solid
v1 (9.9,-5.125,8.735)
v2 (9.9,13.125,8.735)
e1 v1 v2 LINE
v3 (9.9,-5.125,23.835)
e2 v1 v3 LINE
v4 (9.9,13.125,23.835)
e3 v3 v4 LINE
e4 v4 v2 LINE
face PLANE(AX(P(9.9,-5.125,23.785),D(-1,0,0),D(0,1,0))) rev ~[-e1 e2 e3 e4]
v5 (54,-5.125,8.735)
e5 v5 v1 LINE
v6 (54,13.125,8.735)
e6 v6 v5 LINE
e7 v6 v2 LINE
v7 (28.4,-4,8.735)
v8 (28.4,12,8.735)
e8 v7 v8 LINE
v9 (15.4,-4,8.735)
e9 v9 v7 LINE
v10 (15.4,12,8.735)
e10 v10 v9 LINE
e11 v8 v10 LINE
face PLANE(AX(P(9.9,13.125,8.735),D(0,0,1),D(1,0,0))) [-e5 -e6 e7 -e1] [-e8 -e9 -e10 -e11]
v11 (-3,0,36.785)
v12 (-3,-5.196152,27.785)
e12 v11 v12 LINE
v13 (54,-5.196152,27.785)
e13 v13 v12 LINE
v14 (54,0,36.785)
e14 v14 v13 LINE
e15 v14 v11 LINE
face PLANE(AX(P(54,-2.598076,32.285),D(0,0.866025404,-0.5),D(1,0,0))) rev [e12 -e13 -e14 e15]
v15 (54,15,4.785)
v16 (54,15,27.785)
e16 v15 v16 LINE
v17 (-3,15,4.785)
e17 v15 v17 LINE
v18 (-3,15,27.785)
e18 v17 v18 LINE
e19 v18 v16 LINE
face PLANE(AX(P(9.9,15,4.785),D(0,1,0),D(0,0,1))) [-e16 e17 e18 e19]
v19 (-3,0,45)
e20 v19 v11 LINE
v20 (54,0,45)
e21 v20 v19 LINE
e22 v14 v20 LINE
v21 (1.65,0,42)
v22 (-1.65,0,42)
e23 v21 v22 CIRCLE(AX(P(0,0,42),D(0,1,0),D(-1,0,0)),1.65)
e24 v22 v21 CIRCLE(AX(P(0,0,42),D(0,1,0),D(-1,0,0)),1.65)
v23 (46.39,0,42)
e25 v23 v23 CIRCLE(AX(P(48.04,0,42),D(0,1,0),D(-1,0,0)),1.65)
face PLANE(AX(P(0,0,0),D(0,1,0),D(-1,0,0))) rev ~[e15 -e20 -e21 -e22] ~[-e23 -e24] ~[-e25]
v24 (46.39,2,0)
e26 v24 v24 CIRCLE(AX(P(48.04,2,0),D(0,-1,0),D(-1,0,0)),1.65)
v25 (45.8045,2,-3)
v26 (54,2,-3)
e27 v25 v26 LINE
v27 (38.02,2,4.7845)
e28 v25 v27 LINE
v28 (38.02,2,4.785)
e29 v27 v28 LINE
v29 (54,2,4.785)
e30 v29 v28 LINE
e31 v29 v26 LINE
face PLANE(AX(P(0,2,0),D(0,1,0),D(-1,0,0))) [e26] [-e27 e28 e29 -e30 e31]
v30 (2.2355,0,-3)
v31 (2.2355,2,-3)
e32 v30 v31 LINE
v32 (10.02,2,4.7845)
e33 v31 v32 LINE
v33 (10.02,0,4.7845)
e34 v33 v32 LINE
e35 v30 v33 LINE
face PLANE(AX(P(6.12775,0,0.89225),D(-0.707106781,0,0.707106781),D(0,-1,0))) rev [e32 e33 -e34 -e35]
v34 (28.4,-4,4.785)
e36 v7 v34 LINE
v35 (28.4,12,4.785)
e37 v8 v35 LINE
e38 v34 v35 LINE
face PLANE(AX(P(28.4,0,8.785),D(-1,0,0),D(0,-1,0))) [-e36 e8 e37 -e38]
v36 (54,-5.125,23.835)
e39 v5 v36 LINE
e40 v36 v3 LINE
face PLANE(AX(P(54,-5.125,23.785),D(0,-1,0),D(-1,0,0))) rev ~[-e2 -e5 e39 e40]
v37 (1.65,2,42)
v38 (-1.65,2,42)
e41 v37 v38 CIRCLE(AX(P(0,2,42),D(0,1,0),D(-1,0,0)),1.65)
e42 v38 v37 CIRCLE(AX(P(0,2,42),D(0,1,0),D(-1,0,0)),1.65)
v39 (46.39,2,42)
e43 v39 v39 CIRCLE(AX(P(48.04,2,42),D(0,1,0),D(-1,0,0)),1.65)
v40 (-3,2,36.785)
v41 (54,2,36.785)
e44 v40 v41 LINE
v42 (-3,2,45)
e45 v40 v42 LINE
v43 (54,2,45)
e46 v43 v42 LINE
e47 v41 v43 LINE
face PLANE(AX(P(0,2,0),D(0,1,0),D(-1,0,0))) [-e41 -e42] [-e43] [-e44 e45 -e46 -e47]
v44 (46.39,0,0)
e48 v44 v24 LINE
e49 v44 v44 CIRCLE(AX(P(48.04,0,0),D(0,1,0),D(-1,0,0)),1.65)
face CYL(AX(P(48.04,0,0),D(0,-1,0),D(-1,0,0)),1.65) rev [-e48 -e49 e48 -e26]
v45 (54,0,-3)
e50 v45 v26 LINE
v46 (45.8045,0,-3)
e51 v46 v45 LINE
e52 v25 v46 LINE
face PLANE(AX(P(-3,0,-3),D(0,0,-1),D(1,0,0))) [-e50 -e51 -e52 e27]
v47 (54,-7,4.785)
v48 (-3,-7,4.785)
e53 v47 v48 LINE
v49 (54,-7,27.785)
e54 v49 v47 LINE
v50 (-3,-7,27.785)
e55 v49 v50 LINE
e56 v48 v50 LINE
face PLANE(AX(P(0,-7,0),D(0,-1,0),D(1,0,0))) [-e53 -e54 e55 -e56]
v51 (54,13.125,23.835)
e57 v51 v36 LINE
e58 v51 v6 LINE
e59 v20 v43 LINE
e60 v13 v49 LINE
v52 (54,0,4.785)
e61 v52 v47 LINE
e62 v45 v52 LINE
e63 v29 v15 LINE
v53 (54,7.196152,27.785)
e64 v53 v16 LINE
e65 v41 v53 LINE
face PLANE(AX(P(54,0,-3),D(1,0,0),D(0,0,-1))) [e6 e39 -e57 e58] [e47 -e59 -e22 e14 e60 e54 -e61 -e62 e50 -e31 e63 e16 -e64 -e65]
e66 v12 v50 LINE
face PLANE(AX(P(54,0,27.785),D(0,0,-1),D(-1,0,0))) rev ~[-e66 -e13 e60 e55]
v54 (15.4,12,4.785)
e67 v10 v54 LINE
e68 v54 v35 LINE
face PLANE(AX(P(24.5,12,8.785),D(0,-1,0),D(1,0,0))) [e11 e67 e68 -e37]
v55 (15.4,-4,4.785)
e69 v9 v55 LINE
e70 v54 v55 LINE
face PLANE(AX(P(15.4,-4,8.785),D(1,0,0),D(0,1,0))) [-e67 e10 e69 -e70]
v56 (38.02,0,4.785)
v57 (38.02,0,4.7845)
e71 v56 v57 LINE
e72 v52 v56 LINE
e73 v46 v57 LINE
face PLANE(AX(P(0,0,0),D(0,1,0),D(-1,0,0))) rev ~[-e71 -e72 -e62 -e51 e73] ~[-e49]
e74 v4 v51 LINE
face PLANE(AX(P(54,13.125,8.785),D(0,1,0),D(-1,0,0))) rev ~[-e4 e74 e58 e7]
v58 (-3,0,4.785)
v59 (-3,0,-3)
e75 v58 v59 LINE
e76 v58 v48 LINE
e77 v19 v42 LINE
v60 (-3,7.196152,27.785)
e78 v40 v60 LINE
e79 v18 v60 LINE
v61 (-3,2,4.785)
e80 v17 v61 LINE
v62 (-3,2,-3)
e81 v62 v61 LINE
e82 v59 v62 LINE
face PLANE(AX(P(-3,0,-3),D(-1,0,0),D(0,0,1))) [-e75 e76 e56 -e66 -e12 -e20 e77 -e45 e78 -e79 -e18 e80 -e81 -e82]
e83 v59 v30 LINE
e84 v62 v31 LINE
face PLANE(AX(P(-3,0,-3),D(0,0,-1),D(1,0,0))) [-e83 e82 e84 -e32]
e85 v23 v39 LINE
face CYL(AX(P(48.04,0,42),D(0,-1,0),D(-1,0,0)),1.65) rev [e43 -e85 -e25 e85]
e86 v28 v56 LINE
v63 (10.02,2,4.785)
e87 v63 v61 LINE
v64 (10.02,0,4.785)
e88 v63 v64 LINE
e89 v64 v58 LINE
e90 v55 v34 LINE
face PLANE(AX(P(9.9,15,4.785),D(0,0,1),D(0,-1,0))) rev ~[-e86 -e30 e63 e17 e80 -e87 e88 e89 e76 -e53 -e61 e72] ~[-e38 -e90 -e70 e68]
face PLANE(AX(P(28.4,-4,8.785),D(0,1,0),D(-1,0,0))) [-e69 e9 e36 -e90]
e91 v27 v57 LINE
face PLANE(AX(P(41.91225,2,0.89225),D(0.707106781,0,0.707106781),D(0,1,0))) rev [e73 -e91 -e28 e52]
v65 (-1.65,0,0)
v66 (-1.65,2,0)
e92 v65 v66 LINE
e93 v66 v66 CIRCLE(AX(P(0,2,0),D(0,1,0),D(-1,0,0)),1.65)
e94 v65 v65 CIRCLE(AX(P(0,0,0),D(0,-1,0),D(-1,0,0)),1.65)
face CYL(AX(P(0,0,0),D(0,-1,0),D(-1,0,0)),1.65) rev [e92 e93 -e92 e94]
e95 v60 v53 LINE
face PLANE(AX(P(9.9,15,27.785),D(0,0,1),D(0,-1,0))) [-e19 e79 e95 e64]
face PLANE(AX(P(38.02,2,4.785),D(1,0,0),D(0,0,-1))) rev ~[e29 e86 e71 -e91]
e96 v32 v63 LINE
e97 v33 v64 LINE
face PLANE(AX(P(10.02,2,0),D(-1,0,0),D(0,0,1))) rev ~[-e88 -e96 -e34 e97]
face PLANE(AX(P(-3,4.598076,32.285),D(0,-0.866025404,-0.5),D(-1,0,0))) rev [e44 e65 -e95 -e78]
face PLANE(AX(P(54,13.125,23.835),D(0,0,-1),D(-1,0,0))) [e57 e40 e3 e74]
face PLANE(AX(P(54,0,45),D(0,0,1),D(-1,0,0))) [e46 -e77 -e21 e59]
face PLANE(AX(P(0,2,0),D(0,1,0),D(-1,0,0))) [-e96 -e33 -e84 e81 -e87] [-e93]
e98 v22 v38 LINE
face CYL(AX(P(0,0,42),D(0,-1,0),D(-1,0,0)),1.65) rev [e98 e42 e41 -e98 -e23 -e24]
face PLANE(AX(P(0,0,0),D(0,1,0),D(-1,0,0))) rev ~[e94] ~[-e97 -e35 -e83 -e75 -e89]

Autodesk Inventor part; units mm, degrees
ref_plane "YZ Plane" through (0, 0, 0) normal (1, 0, 0) x (0, 1, 0)
ref_plane "XZ Plane" through (0, 0, 0) normal (0, 1, 0) x (-1, 0, 0)
sketch "Sketch1" plane through (0, 0, 0) normal (0, 1, 0) x (-1, 0, 0)
  line L0 (0, 0) -> (3, 0)
  line L1 (3, 0) -> (3, -3)
  line L2 (0, 0) -> (-48.04, 0)
  line L3 (-48.04, 0) -> (-54, 0)
  line L4 (3, -3) -> (-54, -3)
  line L5 (-54, -3) -> (-54, 45)
  line L6 (-54, 45) -> (3, 45)
  line L7 (3, 45) -> (3, -3)
  line L8 (3, 21) -> (6.1215, 21)
  circle A0 centre (0, 0) radius 1.65
  circle A1 centre (-48.04, 0) radius 1.65
  line L9 (0, 42) -> (-48.04, 42)
  circle A2 centre (0, 42) radius 1.65
  circle A3 centre (-48.04, 42) radius 1.65
  line L10 (-54, -3) -> (-54, 8.785)
  line L11 (-54, 8.785) -> (-9.9, 8.785)
  line L12 (-9.9, 8.785) -> (-9.9, 23.785)
  line L13 (-9.9, 23.785) -> (-54, 23.785)
  dimension "d0" = 3
  dimension "d1" = 3
  dimension "d2" = 48.04
  dimension "d3" = 5.96
  dimension "d4" = 48
  dimension "d5" = 3.3
  dimension "d6" = 3.3
  dimension "d7" = 11.785
  dimension "d8" = 44.1
  dimension "d9" = 15
extrude "Extrusion1" add sketch "Sketch1" along normal blind 2 contours A0 L2 A1 L3 L5 L11 L12 L13 L6 L7 L0 | L0 L1 L4 L5 L3 A1 L2 A0
sketch "Sketch2" plane through (0, 0, 0) normal (0, -1, 0) x (1, 0, 0)
  line L0 (-3, -3) -> (-3, 45) projected
  line L1 (-3, -3) -> (-3, 5)
  line L2 (54, 8.785) -> (54, -3) projected
  line L3 (9.9, 8.785) -> (54, 8.785) projected
  line L4 (54, 8.785) -> (54, 4.785)
  line L5 (54, 8.785) -> (54, -3) projected
  line L6 (54, 23.785) -> (54, 27.785)
  line L7 (54, 45) -> (54, 23.785) projected
  line L8 (54, 27.785) -> (-3, 27.785)
  line L9 (-3, 5) -> (-3, 27.785)
  line L10 (9.9, 8.785) -> (54, 8.785) projected
  line L11 (54, 8.785) -> (9.9, 8.785)
  line L12 (9.9, 23.785) -> (9.9, 8.785) projected
  line L13 (9.9, 8.785) -> (9.9, 23.785)
  line L14 (9.9, 23.785) -> (54, 23.785)
  line L15 (-3, 5) -> (-3, 27.785)
  line L16 (-3, 27.785) -> (54, 27.785)
  line L17 (54, 27.785) -> (54, 4.785)
  line L18 (54, 4.785) -> (-3, 4.785)
  line L19 (-3, 4.785) -> (-3, 27.785)
  point P0 (0, 0)
  point P1 (-3, 4.785)
  dimension "d12" = 8
  dimension "d13" = 4
  dimension "d14" = 4
ref_plane "Work Plane1" through (0, -7, 0) normal (0, -1, 0) x (1, 0, 0)
sketch "Sketch4" plane through (54, 0, -3) normal (1, 0, 0) x (0, 0, -1)
  line L0 (-7.785, 0) -> (-7.785, -7) projected
  line L1 (-7.785, 0) -> (-7.785, 2)
  line L2 (0, 2) -> (-48, 2) projected
  line L3 (-7.785, 2) -> (-7.785, 15)
  line L4 (-30.785, 0) -> (-30.785, -7) projected
  line L5 (-30.785, 0) -> (-30.785, 15)
  line L6 (-7.785, 15) -> (-30.785, 15)
  line L7 (-26.785, -5) -> (-11.785, -5) projected
  line L8 (-11.785, 0) -> (-11.785, 2) projected
  line L9 (-11.785, -5) -> (-11.785, 2)
  line L10 (-11.785, 2) -> (-11.785, 13)
  line L11 (-26.785, 0) -> (-26.785, 2) projected
  line L12 (-26.785, 2) -> (-26.785, 13)
  line L13 (-26.785, 13) -> (-11.785, 13)
  point P0 (-3, 0)
  point P1 (-30.785, 2)
  dimension "d19" = 13
  dimension "d20" = 15
  dimension "d21" = 11
  dimension "d22" = 11
extrude "Extrusion5" add sketch "Sketch2" along normal blind 7 contours L0 L8 L6 L14 L12 L3 L2 L18
sketch "Sketch5" plane through (0, -7, 0) normal (0, -1, 0) x (1, 0, 0)
  line L0 (9.9, 23.785) -> (54, 23.785) projected
  line L1 (54, 23.785) -> (9.9, 23.785)
  line L2 (9.9, 23.785) -> (9.9, 8.785)
  line L3 (9.9, 8.785) -> (54, 8.785)
  line L4 (54, 8.785) -> (54, 23.785)
  point P0 (0, 0)
extrude "Extrusion6" add sketch "Sketch5" against normal blind 2
extrude "Extrusion7" add sketch "Sketch4" against normal blind 44.1 contours L2 L10 L13 L12 L5 L6 L3
sketch "Sketch6" plane through (9.9, 0, -3) normal (-1, 0, 0) x (0, 0, 1)
  line L0 (7.785, 15) -> (7.785, 2) projected
  line L1 (48, 2) -> (30.785, 2) projected
  line L2 (7.785, 15) -> (30.785, 15)
  line L3 (30.785, 15) -> (30.785, 2)
  line L4 (30.785, 2) -> (7.785, 2)
  line L5 (7.785, 2) -> (7.785, 15)
  point P0 (3, 0)
extrude "Extrusion8" add sketch "Sketch6" along normal blind 12.9
sketch "Sketch8" plane through (9.9, -5, 8.785) normal (0, 0, 1) x (1, 0, 0)
  line L0 (44.1, 0) -> (44.1, 18) projected
  line L1 (44.1, 0) -> (18.5, 0)
  line L2 (0, 0) -> (44.1, 0) projected
  line L3 (18.5, 0) -> (5.5, 0)
  line L4 (5.5, 0) -> (5.5, 1)
  line L5 (-12.9, 5) -> (44.1, 5) projected
  line L6 (5.5, 1) -> (14.6, 1)
  line L7 (44.1, -2) -> (-12.9, -2) projected
  line L8 (44.1, 18) -> (0, 18) projected
  line L9 (14.6, -2) -> (36.6, -2) construction
  line L10 (5.5, 1) -> (5.5, 18)
  line L11 (5.5, 18) -> (14.6, 18)
  line L12 (44.1, 18) -> (0, 18) projected
  line L13 (5.5, 1) -> (5.5, 17)
  line L14 (5.5, 17) -> (14.6, 17)
  line L15 (5.5, 17) -> (18.5, 17)
  line L16 (18.5, 17) -> (18.5, 1)
  line L17 (18.5, 1) -> (5.5, 1)
  point P0 (-9.9, 5)
  point P1 (5.5, 5)
  point P2 (14.6, 1)
  dimension "d33" = 25.6
  dimension "d34" = 13
  dimension "d35" = 1
  dimension "d39" = 16
  dimension "d42" = 13
extrude "Extrusion10" cut sketch "Sketch8" against normal blind 12.9 contours L16 L17 L6 L10 L5 | L5 L10 L14 L15 L16
sketch "Sketch11" plane through (0, 2, 0) normal (0, 1, 0) x (1, 0, 0)
  circle A0 centre (48.04, 0) radius 1.65 projected
  circle A1 centre (0, 0) radius 1.65 projected
  line L0 (48.04, 0) -> (0, 0)
  line L1 (24.02, 0) -> (24.02, 5.2317)
  line L2 (24.02, 0) -> (10.02, 0)
  line L3 (10.02, 0) -> (38.02, 0)
  line L4 (38.02, 0) -> (38.02, 7.5339)
  line L5 (54, -4.785) -> (-3, -4.785) projected
  line L6 (38.02, 7.5339) -> (10.02, 7.5339)
  line L7 (10.02, 7.5339) -> (10.02, -4.785)
  line L8 (10.02, -4.785) -> (38.02, -4.785)
  line L9 (38.02, -4.785) -> (38.02, 7.5339)
  dimension "d74" = 14
  dimension "d75" = 28
extrude "Extrusion12" cut sketch "Sketch11" against normal blind 10 contours L9 L5 L7 L0 | L0 L7 L6 L4
chamfer "Chamfer9" distance 7.785 angle 45 2 edges at (38.02, 1, -3) (10.02, 1, -3)
sketch "Sketch12" plane through (54, 13, 8.785) normal (0, -1, 0) x (1, 0, 0)
  line L0 (0, 0) -> (-44.1, 0) projected
  line L1 (-44.1, 0) -> (-44.1, 15) projected
  line L2 (0, 0) -> (-44.1, 0)
  line L3 (-44.1, 0) -> (-44.1, 15)
  line L4 (-44.1, 15) -> (0, 15)
  line L5 (0, 15) -> (0, 0)
  point P0 (-54, -8.785)
extrude "Extrusion13" cut sketch "Sketch12" against normal blind 0.125
sketch "Sketch13" plane through (0, -5, 0) normal (0, 1, 0) x (1, 0, 0)
  line L0 (54, -23.785) -> (9.9, -23.785) projected
  line L1 (9.9, -8.785) -> (54, -8.785)
  line L2 (54, -8.785) -> (54, -23.785)
  line L3 (54, -23.785) -> (9.9, -23.785)
  line L4 (9.9, -23.785) -> (9.9, -8.785)
  point P0 (0, 0)
extrude "Extrusion14" cut sketch "Sketch13" against normal blind 0.125
sketch "Sketch14" plane through (54, 13.125, 23.785) normal (0, 0, -1) x (-1, 0, 0)
  line L0 (44.1, -18.25) -> (44.1, 0) projected
  line L1 (0, -18.25) -> (44.1, -18.25) projected
  line L2 (44.1, 0) -> (0, 0)
  line L3 (0, 0) -> (0, -18.25)
  line L4 (0, -18.25) -> (44.1, -18.25)
  line L5 (44.1, -18.25) -> (44.1, 0)
  point P0 (54, -13.125)
extrude "Extrusion15" cut sketch "Sketch14" against normal blind 0.05
sketch "Sketch15" plane through (9.9, 13.125, 8.785) normal (0, 0, 1) x (1, 0, 0)
  line L0 (44.1, 0) -> (0, 0) projected
  line L1 (44.1, 0) -> (44.1, -18.25) projected
  line L2 (0, 0) -> (44.1, 0)
  line L3 (44.1, 0) -> (44.1, -18.25)
  line L4 (44.1, -18.25) -> (0, -18.25)
  line L5 (0, -18.25) -> (0, 0)
  point P0 (-9.9, -13.125)
extrude "Extrusion16" cut sketch "Sketch15" against normal blind 0.05
chamfer "Chamfer12" distance 9 angle 30 1 edges at (25.5, 2, 27.785) measured on face at (32.6017, 2, 32.1586)
chamfer "Chamfer13" distance 9 angle 30 1 edges at (25.5, 0, 27.785) measured on face at (32.6017, 0, 32.1586)
properties part number "U2D2 Plate"
